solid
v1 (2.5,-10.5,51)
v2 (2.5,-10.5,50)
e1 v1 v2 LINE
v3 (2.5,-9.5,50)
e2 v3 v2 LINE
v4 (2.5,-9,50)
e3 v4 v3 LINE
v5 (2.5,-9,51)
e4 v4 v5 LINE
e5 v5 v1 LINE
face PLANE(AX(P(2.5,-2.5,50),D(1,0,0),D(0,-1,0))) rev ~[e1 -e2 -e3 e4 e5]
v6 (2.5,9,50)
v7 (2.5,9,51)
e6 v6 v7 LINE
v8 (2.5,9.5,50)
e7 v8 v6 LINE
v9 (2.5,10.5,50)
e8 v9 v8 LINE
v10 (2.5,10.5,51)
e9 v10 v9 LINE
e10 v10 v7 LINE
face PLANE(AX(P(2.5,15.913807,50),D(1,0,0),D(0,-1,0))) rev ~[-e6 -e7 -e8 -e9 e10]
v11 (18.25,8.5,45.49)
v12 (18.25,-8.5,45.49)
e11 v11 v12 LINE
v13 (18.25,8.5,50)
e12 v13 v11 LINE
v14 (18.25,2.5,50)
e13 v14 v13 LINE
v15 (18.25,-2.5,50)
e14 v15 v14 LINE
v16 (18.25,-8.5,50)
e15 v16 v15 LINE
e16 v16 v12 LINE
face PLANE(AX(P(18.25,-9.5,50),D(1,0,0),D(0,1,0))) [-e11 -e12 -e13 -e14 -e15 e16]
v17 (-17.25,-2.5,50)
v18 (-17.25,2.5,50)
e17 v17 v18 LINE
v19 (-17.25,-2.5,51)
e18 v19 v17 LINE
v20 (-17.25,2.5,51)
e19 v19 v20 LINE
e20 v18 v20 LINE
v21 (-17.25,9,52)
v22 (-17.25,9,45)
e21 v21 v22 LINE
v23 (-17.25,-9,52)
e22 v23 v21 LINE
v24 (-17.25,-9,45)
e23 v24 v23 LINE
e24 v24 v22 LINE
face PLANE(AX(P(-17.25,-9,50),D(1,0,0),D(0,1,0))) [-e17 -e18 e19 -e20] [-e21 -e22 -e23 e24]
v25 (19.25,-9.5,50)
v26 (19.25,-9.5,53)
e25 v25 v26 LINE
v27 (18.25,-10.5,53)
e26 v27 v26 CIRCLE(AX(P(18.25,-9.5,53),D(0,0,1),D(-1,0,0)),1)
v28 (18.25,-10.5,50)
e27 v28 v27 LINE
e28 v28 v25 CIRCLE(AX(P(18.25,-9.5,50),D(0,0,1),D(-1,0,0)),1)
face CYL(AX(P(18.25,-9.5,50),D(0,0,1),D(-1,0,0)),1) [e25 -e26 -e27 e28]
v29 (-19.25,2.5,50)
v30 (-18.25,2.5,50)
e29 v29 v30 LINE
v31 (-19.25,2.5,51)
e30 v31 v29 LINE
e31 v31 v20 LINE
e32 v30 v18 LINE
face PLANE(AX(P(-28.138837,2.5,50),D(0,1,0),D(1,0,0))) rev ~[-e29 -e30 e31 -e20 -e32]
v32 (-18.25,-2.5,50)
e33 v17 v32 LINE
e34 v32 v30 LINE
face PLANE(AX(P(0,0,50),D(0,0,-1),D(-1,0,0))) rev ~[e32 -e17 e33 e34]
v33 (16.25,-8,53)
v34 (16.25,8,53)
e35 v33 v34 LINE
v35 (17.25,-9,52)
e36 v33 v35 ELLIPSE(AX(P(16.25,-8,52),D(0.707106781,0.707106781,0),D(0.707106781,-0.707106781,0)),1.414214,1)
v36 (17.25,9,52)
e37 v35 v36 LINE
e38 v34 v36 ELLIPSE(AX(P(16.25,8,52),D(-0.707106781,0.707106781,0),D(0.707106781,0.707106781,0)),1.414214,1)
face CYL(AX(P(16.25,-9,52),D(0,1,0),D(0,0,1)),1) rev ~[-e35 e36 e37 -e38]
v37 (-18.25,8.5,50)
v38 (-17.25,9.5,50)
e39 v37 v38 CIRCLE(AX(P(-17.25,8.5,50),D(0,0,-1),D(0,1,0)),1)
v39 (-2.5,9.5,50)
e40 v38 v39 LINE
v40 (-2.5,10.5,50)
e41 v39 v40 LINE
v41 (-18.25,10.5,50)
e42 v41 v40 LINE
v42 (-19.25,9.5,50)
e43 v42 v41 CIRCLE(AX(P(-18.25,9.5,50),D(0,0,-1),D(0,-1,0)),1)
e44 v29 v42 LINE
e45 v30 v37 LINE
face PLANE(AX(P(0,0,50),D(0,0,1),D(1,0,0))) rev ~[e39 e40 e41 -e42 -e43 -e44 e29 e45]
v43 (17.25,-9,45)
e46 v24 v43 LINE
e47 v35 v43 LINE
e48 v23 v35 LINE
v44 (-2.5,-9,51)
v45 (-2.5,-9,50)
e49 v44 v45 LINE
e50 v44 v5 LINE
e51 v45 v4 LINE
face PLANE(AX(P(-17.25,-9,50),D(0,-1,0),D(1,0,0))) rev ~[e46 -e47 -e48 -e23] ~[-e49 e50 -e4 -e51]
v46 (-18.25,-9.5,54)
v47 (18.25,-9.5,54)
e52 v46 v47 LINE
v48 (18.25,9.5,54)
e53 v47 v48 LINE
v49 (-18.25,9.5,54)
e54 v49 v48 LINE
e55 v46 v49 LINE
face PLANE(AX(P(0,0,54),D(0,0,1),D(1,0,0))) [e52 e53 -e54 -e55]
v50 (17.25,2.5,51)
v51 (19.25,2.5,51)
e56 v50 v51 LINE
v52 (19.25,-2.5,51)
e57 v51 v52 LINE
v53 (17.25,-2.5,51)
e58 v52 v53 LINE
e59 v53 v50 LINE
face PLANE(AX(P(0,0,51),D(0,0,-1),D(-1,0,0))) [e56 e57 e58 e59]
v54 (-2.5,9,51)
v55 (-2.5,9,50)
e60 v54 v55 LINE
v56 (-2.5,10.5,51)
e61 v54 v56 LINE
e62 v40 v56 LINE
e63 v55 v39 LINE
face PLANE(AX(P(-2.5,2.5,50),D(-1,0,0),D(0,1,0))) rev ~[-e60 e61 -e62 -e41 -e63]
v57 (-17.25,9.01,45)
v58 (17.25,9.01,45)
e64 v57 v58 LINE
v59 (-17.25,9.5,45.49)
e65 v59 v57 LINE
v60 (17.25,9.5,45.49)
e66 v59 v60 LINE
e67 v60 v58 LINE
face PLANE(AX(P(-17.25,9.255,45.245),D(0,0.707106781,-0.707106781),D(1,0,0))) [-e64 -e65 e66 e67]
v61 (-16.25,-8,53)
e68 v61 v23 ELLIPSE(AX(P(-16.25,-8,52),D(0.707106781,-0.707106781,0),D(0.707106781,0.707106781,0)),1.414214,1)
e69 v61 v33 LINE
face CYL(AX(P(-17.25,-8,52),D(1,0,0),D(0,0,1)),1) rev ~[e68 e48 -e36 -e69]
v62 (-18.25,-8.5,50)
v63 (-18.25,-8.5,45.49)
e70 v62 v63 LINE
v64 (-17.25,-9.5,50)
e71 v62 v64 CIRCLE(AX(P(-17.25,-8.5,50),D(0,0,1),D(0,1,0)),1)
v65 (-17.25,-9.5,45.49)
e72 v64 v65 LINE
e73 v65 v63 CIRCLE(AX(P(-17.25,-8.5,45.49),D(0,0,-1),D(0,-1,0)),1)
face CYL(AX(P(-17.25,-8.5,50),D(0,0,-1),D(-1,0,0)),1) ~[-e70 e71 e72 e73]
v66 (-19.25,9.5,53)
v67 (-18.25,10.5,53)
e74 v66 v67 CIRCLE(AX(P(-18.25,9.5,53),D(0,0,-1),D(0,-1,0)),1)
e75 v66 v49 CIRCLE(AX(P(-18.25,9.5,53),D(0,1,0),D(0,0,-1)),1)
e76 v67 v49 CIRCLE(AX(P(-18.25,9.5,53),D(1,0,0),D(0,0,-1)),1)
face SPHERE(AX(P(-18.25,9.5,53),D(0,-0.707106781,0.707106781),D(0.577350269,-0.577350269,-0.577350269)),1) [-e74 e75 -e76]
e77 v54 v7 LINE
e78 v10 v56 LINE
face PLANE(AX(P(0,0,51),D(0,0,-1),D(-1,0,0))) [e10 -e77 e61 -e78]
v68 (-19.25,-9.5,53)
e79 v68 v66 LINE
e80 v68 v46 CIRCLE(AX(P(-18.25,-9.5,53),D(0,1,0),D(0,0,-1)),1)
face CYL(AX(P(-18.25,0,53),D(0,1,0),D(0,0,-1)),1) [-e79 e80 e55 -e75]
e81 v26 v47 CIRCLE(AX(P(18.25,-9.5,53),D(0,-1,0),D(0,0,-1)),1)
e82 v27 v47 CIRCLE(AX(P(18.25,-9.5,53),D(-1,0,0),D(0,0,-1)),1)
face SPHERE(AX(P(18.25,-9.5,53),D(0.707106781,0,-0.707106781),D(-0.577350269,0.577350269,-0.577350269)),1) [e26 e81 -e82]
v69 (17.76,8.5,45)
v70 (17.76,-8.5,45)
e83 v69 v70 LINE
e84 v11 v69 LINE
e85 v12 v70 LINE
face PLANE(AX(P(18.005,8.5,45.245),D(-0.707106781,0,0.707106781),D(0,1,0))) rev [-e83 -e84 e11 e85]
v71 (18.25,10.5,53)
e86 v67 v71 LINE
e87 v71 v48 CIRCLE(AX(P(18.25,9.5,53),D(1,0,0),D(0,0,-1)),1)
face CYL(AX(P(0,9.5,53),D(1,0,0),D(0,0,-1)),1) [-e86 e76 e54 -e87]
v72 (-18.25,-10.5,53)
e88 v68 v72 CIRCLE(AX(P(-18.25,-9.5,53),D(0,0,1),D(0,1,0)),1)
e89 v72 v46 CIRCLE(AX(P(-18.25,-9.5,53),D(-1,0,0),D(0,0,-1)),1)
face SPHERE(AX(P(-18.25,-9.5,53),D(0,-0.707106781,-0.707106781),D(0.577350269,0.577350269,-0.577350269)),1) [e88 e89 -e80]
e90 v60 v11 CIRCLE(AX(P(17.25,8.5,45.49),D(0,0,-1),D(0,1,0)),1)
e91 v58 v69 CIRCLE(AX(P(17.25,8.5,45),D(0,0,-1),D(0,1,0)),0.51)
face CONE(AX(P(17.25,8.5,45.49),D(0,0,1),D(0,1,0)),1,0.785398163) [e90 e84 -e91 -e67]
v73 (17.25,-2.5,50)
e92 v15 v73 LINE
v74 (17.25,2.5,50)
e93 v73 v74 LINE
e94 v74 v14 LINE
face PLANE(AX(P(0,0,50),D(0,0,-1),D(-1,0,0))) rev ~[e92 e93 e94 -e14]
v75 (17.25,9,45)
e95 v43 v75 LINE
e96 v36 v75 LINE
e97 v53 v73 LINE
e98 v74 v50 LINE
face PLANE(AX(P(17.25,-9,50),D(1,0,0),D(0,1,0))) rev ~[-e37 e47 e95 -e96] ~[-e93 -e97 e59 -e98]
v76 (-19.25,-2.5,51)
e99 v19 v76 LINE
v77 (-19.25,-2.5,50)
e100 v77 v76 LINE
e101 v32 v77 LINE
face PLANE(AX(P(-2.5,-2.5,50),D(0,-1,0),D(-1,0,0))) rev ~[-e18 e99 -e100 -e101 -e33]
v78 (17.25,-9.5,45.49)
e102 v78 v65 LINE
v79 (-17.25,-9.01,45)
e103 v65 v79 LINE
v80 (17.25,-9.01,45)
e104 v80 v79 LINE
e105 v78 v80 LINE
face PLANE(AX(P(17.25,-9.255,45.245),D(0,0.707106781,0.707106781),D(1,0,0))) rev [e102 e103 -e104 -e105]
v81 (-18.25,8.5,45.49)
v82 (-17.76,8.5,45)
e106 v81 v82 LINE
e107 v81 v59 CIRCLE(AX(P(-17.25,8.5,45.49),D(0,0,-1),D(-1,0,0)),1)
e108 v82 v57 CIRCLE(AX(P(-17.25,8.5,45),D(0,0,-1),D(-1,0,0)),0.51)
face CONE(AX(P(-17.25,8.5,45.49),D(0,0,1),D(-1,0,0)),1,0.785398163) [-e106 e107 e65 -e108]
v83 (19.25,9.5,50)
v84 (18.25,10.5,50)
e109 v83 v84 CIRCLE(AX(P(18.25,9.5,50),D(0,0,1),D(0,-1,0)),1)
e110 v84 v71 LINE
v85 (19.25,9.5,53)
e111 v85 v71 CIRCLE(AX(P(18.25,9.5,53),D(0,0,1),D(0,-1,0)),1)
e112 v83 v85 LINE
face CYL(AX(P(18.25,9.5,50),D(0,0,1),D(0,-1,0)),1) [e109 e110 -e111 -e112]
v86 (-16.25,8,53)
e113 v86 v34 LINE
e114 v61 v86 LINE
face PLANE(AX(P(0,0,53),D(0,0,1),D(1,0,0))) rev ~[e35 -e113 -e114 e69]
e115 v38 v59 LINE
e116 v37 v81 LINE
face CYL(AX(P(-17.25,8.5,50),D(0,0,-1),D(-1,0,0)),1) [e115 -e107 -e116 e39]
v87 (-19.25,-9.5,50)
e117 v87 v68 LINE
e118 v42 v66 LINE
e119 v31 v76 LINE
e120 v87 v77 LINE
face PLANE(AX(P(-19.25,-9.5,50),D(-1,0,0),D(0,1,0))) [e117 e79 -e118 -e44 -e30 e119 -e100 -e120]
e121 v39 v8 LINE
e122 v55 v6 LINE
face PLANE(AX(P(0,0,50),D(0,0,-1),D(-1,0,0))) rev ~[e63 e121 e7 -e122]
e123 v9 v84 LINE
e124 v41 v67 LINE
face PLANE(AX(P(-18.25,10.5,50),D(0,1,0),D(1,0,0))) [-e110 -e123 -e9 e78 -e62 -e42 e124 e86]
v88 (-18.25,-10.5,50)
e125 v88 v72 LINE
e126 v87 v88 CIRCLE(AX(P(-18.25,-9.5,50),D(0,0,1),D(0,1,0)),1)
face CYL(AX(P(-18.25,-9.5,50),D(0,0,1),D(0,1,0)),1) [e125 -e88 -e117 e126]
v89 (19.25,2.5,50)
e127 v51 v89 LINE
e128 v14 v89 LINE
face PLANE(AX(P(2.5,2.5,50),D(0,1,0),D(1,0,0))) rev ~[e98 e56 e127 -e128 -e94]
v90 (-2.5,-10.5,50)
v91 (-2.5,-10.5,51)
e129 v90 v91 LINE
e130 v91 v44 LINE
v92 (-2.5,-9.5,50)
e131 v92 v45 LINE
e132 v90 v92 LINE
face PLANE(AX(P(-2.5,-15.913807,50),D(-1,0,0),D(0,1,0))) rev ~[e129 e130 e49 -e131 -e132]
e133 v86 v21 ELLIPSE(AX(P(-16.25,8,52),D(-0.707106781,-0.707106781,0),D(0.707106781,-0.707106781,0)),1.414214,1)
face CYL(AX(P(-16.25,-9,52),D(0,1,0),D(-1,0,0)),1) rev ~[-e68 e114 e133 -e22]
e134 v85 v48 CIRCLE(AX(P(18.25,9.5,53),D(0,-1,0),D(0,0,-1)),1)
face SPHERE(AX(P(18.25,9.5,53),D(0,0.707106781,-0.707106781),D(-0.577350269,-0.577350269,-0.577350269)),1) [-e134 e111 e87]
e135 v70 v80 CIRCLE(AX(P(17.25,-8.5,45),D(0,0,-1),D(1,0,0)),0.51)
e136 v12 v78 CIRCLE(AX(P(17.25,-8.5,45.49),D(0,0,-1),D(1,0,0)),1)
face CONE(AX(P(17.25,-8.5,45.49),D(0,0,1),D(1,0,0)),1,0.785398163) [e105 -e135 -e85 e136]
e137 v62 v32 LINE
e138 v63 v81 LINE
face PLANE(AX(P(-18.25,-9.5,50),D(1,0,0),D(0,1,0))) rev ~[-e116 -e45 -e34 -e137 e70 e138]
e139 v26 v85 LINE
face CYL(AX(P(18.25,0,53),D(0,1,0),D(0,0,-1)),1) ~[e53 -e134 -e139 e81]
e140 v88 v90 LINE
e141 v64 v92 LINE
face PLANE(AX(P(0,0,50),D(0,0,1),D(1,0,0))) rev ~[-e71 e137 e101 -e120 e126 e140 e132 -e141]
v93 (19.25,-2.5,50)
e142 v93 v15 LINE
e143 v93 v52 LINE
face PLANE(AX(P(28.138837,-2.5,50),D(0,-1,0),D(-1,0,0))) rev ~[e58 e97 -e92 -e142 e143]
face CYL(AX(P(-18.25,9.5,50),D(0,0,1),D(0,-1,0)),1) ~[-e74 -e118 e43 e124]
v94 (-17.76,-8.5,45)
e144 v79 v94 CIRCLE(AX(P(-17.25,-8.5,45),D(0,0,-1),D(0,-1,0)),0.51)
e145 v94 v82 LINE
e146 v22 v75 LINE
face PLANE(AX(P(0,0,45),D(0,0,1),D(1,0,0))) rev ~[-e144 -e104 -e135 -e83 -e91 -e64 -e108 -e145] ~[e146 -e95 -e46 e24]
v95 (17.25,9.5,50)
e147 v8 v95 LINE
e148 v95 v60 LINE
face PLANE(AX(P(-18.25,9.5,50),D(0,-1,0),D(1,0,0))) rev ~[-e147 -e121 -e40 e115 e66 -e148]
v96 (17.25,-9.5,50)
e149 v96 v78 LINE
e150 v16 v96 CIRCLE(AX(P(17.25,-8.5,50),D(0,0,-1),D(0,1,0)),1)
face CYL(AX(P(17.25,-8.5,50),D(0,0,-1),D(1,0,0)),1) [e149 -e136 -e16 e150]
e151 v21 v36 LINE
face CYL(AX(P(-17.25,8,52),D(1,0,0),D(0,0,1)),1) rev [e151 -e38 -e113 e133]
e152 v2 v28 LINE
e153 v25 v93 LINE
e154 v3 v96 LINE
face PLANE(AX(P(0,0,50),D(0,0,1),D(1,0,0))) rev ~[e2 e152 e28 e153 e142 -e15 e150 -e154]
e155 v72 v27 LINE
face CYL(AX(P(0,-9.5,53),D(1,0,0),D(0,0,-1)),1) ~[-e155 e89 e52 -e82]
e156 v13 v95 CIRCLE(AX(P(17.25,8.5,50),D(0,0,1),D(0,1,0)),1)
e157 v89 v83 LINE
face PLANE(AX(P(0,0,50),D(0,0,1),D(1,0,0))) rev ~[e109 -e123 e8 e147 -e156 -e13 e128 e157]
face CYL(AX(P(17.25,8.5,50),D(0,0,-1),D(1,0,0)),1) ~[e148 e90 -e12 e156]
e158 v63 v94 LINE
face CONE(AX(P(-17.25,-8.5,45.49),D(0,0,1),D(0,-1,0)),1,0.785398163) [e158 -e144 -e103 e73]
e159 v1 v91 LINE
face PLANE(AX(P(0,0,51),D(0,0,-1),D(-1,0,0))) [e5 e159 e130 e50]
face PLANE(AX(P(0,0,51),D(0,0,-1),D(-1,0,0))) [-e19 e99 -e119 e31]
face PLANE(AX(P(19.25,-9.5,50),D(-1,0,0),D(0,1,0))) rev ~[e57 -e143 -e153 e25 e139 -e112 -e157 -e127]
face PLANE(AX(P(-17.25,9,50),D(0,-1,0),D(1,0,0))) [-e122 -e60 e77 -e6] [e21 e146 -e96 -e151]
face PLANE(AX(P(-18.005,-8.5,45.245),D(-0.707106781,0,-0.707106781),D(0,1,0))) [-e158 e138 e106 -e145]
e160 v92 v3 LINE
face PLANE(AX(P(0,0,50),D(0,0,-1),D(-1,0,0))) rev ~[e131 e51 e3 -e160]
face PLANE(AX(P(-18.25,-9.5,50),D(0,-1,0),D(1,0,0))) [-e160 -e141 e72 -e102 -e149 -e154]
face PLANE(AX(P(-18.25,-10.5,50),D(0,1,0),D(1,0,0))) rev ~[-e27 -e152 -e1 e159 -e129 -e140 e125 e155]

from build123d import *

# Parameters (mm, degrees)
SKETCH025_W       = 36.5
SKETCH025_H       = 19
PAD016_DEPTH      = 3
THICKNESS004_T    = 1
SKETCH026_W       = 36.5
SKETCH026_H       = 19
SKETCH026_W_2     = 34.5
SKETCH026_H_2     = 18
PAD017_DEPTH      = 3
PAD017_DEPTH_BACK = 5
FILLET005_R       = 1
POCKET007_DEPTH   = 1
CHAMFER002_SIZE   = 0.49


with BuildPart() as part:
    # Sketch025 → Pad016 (new body)
    with BuildSketch(Plane.XY):
        Rectangle(SKETCH025_W, SKETCH025_H)
    extrude(amount=PAD016_DEPTH)

    # Thickness004
    thickness004_openings = [part.faces().sort_by_distance(p)[0] for p in [
        (0, 0, 0),
    ]]
    offset(amount=THICKNESS004_T, openings=thickness004_openings)

    # Sketch026 → Pad017 (join, two sides)
    with BuildSketch(Plane.XY) as pad017_sk:
        Rectangle(SKETCH026_W, SKETCH026_H)
        Rectangle(SKETCH026_W_2, SKETCH026_H_2, mode=Mode.SUBTRACT)
    extrude(amount=PAD017_DEPTH)
    extrude(pad017_sk.sketch, amount=-PAD017_DEPTH_BACK)

    # Fillet005
    fillet005_edges = [part.edges().sort_by_distance(p)[0] for p in [
        (18.25, -9.5, -2.5),
        (18.25, 9.5, -2.5),
        (-18.25, 9.5, -2.5),
        (-18.25, -9.5, -2.5),
        (0, -9, 3),
        (17.25, 0, 3),
        (0, 9, 3),
        (-17.25, 0, 3),
    ]]
    fillet(fillet005_edges, radius=FILLET005_R)

    # Sketch031 → Pocket007 (cut)
    with BuildSketch(Plane.XY):
        Polygon((-28.138837, 2.5), (-2.5, 2.5), (-2.5, 15.913807), (2.5, 15.913807), (2.5, 2.5), (28.138837, 2.5), (28.138837, -2.5), (2.5, -2.5), (2.5, -15.913807), (-2.5, -15.913807), (-2.5, -2.5), (-28.138837, -2.5), align=None)
    extrude(amount=POCKET007_DEPTH, mode=Mode.SUBTRACT)

    # Chamfer002
    chamfer002_edges = [part.edges().sort_by_distance(p)[0] for p in [
        (-18.25, 0, -5),
        (18.25, 0, -5),
    ]]
    chamfer(chamfer002_edges, length=CHAMFER002_SIZE)


with BuildPart() as part_1:
    # Body006 placement: moved
    add(part.part.moved(Location((0, 0, 50))))


solid = part_1.part
